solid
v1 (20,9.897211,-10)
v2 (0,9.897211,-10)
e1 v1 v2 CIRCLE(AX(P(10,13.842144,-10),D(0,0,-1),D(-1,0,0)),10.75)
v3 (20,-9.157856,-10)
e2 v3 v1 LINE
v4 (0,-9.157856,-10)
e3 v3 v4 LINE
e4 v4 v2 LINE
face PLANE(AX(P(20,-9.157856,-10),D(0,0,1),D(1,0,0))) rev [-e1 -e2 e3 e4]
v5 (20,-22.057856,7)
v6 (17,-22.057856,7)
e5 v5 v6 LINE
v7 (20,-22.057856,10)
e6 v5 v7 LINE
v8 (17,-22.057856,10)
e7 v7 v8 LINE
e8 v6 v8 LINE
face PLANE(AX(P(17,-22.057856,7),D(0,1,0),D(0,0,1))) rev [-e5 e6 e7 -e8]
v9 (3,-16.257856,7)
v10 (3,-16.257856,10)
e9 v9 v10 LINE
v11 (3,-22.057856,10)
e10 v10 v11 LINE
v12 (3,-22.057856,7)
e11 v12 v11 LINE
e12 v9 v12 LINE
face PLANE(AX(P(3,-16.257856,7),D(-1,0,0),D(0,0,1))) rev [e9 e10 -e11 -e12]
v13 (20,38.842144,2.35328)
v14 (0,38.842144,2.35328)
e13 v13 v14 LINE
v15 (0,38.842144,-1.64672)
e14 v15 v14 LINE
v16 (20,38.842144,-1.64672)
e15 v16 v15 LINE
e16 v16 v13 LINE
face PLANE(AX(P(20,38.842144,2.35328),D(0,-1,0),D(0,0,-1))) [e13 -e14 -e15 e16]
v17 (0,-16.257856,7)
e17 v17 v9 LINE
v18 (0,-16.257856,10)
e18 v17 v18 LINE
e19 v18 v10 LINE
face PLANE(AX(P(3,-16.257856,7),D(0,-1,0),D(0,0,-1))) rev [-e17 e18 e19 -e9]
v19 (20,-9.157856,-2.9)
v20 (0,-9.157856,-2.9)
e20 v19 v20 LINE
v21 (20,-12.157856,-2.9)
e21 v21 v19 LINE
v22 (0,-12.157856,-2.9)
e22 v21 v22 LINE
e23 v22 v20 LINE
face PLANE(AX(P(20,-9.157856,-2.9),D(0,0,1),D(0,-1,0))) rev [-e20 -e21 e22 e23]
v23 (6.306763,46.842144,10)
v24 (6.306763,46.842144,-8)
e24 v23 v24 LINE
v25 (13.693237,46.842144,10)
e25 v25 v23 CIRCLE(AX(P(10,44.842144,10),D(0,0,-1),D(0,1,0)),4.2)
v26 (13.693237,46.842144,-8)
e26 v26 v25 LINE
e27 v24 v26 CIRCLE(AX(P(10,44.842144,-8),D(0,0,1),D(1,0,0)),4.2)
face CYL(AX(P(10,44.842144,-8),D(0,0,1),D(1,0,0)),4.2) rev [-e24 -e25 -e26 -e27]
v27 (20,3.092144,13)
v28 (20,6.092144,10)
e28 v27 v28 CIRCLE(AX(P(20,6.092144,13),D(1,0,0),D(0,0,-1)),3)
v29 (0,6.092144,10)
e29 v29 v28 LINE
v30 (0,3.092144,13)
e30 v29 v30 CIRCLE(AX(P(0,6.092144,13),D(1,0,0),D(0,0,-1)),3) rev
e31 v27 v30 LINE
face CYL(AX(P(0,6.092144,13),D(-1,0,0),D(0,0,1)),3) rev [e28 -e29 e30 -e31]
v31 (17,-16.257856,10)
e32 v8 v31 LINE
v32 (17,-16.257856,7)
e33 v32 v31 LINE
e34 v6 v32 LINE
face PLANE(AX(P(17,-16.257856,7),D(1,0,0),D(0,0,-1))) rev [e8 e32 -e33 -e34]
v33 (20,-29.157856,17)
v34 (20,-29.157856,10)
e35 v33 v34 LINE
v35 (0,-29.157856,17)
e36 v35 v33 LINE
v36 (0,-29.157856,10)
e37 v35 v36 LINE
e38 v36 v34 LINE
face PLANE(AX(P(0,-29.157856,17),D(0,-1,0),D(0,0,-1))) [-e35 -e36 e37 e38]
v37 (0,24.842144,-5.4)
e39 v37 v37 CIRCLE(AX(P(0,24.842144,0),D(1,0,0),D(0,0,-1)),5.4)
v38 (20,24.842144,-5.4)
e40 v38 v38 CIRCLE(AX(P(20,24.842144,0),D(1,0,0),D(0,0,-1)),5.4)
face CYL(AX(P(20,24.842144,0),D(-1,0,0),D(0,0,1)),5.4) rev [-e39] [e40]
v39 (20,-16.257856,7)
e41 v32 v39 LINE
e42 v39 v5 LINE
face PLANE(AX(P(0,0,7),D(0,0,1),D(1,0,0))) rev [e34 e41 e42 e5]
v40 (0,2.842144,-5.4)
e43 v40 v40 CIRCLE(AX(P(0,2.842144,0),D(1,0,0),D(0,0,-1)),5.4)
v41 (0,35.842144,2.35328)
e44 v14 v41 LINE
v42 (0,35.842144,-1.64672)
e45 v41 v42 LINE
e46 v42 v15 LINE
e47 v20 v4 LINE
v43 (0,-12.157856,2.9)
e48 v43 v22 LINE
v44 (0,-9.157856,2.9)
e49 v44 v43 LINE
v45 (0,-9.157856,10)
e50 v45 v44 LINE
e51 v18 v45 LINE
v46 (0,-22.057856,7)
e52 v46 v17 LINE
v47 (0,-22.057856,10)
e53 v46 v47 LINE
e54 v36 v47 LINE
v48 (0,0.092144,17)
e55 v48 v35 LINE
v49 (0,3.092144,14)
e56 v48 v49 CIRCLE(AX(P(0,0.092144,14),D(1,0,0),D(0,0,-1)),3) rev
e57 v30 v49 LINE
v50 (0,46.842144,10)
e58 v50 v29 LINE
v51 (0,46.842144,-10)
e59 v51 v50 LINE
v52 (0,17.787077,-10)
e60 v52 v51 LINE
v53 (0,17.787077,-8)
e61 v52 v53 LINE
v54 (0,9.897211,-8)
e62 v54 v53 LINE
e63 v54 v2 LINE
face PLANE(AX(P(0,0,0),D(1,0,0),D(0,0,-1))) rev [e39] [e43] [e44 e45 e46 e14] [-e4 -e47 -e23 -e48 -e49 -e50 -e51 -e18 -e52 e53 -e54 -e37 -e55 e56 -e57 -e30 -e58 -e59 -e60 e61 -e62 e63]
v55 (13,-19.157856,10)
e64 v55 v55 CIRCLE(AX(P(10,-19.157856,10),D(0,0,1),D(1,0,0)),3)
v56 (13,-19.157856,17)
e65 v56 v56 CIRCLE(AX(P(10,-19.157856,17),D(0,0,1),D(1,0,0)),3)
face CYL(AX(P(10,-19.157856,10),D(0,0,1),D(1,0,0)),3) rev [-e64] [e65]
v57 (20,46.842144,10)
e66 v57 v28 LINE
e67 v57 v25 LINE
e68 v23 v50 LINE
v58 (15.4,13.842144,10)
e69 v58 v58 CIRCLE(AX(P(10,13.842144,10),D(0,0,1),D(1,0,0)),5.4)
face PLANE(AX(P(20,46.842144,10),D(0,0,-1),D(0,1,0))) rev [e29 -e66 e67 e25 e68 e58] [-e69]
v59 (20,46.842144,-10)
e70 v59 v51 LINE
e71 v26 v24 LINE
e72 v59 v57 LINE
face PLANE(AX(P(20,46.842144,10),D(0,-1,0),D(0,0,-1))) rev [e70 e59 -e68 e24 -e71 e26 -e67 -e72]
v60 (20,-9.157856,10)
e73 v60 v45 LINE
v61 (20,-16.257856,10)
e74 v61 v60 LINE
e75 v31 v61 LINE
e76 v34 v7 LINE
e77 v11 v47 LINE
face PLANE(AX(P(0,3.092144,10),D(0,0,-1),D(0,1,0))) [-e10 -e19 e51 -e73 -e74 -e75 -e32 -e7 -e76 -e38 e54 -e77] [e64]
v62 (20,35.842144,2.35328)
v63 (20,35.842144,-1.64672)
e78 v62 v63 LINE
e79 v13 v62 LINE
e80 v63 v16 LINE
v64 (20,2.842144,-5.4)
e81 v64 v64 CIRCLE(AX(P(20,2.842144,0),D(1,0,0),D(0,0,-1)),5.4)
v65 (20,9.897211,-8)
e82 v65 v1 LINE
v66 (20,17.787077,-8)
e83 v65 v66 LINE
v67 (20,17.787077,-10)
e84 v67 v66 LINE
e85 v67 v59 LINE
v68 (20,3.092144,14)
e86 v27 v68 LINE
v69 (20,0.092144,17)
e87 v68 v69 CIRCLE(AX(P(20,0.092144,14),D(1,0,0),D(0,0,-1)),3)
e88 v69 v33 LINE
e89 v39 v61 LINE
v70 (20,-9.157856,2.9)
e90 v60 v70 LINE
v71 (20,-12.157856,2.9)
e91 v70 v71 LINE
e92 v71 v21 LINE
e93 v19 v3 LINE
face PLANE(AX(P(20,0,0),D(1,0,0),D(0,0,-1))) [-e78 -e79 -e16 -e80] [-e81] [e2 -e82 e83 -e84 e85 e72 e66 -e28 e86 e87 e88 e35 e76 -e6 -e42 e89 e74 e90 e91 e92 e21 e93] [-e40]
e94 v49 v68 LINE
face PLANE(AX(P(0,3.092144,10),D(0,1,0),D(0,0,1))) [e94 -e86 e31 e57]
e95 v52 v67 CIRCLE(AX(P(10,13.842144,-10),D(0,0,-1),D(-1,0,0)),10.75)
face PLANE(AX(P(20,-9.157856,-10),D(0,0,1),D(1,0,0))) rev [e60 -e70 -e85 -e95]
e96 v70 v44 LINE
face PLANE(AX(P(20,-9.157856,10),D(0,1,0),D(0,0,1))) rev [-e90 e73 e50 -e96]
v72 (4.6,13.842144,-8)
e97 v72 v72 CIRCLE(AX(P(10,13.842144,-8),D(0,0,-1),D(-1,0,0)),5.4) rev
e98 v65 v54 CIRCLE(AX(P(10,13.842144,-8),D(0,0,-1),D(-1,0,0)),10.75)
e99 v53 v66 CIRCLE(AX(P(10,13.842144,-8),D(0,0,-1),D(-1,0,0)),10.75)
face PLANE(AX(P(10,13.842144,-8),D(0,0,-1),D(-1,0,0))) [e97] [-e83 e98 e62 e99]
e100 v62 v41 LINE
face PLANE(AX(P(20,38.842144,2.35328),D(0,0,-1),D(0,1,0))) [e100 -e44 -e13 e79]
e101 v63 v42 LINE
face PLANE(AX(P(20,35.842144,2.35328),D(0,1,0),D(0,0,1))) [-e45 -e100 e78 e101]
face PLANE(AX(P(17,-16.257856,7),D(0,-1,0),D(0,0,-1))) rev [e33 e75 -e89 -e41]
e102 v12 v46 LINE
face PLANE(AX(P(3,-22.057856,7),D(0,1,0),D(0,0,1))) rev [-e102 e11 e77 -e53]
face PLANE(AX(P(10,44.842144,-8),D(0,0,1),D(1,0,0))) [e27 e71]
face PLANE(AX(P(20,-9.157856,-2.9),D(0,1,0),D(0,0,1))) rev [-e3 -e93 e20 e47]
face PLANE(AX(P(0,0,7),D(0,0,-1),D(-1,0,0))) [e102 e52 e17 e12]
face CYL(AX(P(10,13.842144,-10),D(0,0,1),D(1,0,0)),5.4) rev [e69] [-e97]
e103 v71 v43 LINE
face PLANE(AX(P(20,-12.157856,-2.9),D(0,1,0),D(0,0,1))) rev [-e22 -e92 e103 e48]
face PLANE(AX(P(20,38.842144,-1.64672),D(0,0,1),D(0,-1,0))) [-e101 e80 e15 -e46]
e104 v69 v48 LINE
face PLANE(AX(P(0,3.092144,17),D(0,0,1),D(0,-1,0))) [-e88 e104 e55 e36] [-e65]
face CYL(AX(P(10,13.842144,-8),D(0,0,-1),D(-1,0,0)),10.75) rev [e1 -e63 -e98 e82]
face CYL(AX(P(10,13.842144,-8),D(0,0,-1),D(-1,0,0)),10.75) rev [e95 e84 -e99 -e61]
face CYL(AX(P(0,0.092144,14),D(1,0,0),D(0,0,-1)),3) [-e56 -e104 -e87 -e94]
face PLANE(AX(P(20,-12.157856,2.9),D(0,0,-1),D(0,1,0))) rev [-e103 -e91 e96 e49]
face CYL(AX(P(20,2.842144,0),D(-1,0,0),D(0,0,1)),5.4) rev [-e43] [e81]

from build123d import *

# Parameters (mm, degrees)
SKETCH24_R          = 5.4
SKETCH24_W          = 4
SKETCH24_H          = 3
BOSS_EXTRUDE1_DEPTH = 20
SKETCH28_W          = 7
SKETCH28_H          = 32.25
BOSS_EXTRUDE2_DEPTH = 20
SKETCH25_R          = 5.4
CUT_EXTRUDE1_DEPTH  = 20
SKETCH26_R          = 4.2
CUT_EXTRUDE2_DEPTH  = 18
SKETCH27_R          = 10.75
CUT_EXTRUDE3_DEPTH  = 2
FILLET4_R           = 3
FILLET6_R           = 3
SKETCH31_R          = 3
CUT_EXTRUDE5_DEPTH  = 7
SKETCH32_W          = 3
SKETCH32_H          = 5.8
BOSS_EXTRUDE3_DEPTH = 3


with BuildPart() as part:
    # Sketch24 → Boss-Extrude1 (new body)
    with BuildSketch(Plane(origin=(0, 0, 0), x_dir=(0, 0, -1), z_dir=(1, 0, 0))):
        Polygon((10, -9.157855987), (10, 46.842144013), (-10, 46.842144013), (-10, -9.157855987), (-2.9, -9.157855987), (-2.9, -12.157855987), (2.9, -12.157855987), (2.9, -9.157855987), align=None)
        with Locations((0, 24.842144013)):
            Circle(SKETCH24_R, mode=Mode.SUBTRACT)
        with Locations((0, 2.842144013)):
            Circle(SKETCH24_R, mode=Mode.SUBTRACT)
        with Locations((-0.353280434, 37.342144013)):
            Rectangle(SKETCH24_W, SKETCH24_H, mode=Mode.SUBTRACT)
    extrude(amount=BOSS_EXTRUDE1_DEPTH)

    # Sketch28 → Boss-Extrude2 (add)
    with BuildSketch(Plane(origin=(20, 0, 0), x_dir=(0, 0, -1), z_dir=(1, 0, 0))):
        with Locations((-13.5, -13.032855987)):
            Rectangle(SKETCH28_W, SKETCH28_H)
    extrude(amount=-BOSS_EXTRUDE2_DEPTH)

    # Sketch25 → Cut-Extrude1 (cut)
    with BuildSketch(Plane.XY.offset(10)):
        with Locations((10, 13.842144013)):
            Circle(SKETCH25_R)
    extrude(amount=-CUT_EXTRUDE1_DEPTH, mode=Mode.SUBTRACT)

    # Sketch26 → Cut-Extrude2 (cut)
    with BuildSketch(Plane.XY.offset(10)):
        with Locations((10, 44.842144013)):
            Circle(SKETCH26_R)
    extrude(amount=-CUT_EXTRUDE2_DEPTH, mode=Mode.SUBTRACT)

    # Sketch27 → Cut-Extrude3 (cut)
    with BuildSketch(Plane(origin=(0, 0, -10), x_dir=(-1, 0, 0), z_dir=(0, 0, -1))):
        with Locations((-10, 13.842144013)):
            Circle(SKETCH27_R)
    extrude(amount=-CUT_EXTRUDE3_DEPTH, mode=Mode.SUBTRACT)

    # Fillet4
    fillet4_edges = [part.edges().sort_by_distance(p)[0] for p in [
        (10, 3.092144013, 17),
    ]]
    fillet(fillet4_edges, radius=FILLET4_R)

    # Fillet6
    fillet6_edges = [part.edges().sort_by_distance(p)[0] for p in [
        (10, 3.092144013, 10),
    ]]
    fillet(fillet6_edges, radius=FILLET6_R)

    # Sketch31 → Cut-Extrude5 (cut)
    with BuildSketch(Plane.XY.offset(17)):
        with Locations((10, -19.157855987)):
            Circle(SKETCH31_R)
    extrude(amount=-CUT_EXTRUDE5_DEPTH, mode=Mode.SUBTRACT)

    # Sketch32 → Boss-Extrude3 (add)
    with BuildSketch(Plane(origin=(0, 0, 10), x_dir=(-1, 0, 0), z_dir=(0, 0, -1))):
        with Locations((-1.5, -19.157855987)):
            Rectangle(SKETCH32_W, SKETCH32_H)
        with Locations((-18.5, -19.157855987)):
            Rectangle(SKETCH32_W, SKETCH32_H)
    extrude(amount=BOSS_EXTRUDE3_DEPTH)


solid = part.part
